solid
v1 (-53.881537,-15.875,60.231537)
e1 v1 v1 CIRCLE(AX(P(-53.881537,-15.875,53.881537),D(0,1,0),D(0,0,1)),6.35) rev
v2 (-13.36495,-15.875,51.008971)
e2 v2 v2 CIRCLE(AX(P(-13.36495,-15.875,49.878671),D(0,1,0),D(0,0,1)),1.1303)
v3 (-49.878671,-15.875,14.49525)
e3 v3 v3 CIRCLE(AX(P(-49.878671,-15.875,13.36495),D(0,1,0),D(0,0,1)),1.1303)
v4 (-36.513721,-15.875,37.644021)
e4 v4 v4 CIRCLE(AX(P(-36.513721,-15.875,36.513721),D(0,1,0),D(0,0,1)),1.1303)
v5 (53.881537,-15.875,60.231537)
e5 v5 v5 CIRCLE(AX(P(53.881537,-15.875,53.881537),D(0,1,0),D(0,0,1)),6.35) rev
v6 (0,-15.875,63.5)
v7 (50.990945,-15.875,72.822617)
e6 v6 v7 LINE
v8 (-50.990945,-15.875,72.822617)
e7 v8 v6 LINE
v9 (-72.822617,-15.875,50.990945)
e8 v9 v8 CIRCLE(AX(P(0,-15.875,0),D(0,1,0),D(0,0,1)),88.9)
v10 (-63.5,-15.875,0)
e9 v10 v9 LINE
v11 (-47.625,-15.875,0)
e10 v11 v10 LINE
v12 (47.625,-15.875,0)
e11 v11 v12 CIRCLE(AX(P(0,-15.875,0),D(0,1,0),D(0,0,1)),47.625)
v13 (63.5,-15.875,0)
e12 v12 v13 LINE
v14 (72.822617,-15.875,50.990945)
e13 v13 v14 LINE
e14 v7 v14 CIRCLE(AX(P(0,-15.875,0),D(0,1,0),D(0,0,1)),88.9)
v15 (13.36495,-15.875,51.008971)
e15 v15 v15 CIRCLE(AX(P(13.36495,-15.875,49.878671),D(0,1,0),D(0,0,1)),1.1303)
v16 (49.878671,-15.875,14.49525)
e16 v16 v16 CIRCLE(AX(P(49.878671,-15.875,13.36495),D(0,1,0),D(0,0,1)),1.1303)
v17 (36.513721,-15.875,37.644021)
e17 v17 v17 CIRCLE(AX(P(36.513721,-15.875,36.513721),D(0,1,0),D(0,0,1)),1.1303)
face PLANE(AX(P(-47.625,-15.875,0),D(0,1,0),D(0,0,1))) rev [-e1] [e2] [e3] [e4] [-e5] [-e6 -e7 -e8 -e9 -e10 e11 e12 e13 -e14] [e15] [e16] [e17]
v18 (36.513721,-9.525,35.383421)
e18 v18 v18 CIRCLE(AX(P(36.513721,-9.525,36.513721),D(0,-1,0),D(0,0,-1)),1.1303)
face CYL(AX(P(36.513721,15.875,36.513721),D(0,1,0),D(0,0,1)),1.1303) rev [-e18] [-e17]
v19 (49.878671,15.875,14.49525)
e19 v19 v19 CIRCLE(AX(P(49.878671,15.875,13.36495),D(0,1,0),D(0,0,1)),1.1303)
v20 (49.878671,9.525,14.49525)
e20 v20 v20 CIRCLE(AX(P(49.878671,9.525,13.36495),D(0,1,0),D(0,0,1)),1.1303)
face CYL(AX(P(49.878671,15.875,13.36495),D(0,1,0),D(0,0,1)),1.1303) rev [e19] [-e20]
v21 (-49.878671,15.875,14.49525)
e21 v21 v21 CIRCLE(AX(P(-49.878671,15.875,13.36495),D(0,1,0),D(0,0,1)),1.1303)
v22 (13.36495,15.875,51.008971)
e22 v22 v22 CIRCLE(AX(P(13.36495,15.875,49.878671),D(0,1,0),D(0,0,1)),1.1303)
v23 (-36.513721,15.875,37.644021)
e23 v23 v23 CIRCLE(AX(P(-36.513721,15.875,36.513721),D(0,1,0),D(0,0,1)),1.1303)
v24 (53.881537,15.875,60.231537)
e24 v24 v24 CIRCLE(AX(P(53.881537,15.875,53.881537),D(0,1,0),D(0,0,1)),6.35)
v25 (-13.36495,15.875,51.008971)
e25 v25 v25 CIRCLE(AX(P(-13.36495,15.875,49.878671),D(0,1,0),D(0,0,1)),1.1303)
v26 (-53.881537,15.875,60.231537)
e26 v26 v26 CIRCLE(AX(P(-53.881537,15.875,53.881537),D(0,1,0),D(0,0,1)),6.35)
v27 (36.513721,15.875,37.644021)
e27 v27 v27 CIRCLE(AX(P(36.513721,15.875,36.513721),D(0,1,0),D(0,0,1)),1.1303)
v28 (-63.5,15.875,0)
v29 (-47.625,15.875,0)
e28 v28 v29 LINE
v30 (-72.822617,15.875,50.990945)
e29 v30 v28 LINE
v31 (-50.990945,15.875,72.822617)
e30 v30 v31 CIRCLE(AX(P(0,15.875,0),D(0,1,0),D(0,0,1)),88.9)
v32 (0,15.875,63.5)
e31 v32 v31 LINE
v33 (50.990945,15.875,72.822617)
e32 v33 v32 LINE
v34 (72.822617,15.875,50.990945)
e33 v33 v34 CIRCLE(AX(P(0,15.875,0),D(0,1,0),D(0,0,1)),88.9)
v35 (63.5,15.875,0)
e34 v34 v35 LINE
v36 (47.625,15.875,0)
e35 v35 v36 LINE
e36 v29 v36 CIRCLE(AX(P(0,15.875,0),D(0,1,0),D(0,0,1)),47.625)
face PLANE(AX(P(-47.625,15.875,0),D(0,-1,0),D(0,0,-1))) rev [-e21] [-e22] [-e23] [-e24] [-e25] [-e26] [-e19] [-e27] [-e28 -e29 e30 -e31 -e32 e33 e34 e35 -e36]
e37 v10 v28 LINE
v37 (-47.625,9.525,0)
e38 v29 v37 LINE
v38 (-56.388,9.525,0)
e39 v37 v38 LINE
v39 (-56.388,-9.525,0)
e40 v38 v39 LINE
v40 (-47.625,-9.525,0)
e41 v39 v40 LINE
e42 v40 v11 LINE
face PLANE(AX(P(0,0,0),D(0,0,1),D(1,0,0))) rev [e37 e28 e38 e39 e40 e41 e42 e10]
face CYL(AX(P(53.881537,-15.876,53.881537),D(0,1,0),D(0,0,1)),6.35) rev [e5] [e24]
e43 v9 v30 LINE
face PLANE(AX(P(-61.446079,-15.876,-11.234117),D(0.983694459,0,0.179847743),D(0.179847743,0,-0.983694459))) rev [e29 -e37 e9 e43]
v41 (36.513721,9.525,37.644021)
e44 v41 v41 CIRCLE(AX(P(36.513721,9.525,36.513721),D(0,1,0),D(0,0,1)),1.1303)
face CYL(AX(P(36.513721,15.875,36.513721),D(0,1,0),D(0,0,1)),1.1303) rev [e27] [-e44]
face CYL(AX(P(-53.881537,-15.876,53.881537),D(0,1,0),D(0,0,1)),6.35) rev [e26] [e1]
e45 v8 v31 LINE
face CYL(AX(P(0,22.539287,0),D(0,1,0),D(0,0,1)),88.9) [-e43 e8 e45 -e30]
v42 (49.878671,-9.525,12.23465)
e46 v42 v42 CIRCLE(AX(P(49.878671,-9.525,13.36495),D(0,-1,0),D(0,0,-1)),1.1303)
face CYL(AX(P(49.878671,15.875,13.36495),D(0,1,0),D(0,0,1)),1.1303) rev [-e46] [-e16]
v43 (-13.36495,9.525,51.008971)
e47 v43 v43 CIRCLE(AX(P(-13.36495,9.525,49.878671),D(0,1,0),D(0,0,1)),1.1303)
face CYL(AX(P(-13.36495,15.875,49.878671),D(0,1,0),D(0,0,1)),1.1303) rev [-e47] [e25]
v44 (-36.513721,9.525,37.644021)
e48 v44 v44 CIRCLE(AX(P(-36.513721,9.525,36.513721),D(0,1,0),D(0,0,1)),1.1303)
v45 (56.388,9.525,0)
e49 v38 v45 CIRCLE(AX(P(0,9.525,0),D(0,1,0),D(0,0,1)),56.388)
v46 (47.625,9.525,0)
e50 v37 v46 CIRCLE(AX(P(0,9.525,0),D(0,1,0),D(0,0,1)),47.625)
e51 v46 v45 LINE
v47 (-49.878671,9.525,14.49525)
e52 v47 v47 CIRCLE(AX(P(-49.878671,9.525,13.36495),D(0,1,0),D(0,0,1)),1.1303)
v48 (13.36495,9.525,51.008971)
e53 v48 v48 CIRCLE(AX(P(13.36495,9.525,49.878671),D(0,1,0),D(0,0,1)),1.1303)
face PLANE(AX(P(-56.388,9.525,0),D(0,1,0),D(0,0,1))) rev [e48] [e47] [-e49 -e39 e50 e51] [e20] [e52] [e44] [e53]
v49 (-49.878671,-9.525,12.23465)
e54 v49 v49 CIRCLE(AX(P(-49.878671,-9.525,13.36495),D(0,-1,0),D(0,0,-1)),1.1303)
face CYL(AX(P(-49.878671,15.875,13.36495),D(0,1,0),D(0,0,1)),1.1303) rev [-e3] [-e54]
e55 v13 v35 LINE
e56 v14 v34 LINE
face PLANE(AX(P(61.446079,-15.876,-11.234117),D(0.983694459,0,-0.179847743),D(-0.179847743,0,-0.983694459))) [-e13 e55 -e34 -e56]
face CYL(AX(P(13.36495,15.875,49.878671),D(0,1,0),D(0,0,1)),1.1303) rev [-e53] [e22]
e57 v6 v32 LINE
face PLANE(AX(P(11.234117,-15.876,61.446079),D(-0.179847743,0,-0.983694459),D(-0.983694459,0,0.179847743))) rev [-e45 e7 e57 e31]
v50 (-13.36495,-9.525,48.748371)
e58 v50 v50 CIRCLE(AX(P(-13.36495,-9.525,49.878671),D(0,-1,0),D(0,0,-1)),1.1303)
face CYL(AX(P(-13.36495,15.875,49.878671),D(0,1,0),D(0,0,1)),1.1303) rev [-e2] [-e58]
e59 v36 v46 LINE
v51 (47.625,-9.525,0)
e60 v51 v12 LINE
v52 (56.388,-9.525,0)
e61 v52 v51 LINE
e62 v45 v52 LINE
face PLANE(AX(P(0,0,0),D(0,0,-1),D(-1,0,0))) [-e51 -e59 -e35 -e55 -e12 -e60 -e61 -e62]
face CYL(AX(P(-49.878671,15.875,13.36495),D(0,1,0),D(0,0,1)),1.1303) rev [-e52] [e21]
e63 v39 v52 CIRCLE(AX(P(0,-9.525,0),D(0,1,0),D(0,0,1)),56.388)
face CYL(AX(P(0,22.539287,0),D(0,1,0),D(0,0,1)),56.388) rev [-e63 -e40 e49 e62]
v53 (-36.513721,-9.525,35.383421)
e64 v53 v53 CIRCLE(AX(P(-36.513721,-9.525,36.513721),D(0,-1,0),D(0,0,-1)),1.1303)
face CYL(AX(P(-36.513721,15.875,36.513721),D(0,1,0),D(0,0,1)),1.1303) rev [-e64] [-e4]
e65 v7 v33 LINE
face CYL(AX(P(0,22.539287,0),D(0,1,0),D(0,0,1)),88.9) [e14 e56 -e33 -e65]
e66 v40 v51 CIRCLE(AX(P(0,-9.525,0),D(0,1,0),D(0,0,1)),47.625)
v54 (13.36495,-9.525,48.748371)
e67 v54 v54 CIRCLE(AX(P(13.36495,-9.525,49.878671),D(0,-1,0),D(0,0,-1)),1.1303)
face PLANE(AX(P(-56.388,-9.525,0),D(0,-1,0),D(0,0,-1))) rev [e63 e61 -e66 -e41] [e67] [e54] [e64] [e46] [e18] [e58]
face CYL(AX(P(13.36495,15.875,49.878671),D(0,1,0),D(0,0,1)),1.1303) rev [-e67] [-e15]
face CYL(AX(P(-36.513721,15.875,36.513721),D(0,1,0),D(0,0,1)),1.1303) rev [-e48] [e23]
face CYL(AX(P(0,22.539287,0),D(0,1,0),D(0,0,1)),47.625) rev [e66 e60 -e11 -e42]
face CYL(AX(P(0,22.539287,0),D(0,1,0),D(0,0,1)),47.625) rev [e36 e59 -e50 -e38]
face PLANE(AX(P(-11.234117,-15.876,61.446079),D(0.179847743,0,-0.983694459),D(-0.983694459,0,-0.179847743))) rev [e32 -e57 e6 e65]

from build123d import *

# Parameters (mm, degrees)
REVOLVE1_ANGLE                 = 180
TAP_DRILL_FOR_4_40_TAP1_D      = 2.2606
CIRPATTERN1_COUNT              = 12
CUT_EXTRUDE1_REACH             = 90.9
SKETCH4_R                      = 1.1303
CUT_EXTRUDE2_REACH             = 90.9
SKETCH6_R                      = 1.1303
CUT_EXTRUDE2_DIRECTION_2_DEPTH = 1.0000001
CUT_EXTRUDE3_REACH             = 33.75
SKETCH7_R                      = 6.35


with BuildPart() as part:
    # Sketch1 → Revolve1 (revolve)
    with BuildSketch(Plane.XY):
        Polygon((56.388, 0), (56.388, 9.525), (47.625, 9.525), (47.625, 15.875), (88.9, 15.875), (88.9, -15.875), (47.625, -15.875), (47.625, -9.525), (56.388, -9.525), align=None)
    revolve(axis=Axis((0, 22.539286723, 0), (0, -1, 0)), revolution_arc=REVOLVE1_ANGLE)

    # Tap Drill for #4-40 Tap1 (through all)
    with Locations(Plane(origin=(49.878671003, 15.875, 13.364949615), x_dir=(0, 0, 1), z_dir=(0, 1, 0))):
        with Locations((0, 0)):
            tap_drill_for_4_40_tap1 = Hole(TAP_DRILL_FOR_4_40_TAP1_D / 2)

    # CirPattern1: Tap Drill for #4-40 Tap1 ×12 about axis, 6 skipped
    cirpattern1_axis = Axis((0, 15.875, 0), (0, 1, 0))
    add([tap_drill_for_4_40_tap1.rotate(cirpattern1_axis, i * 360 / CIRPATTERN1_COUNT) for i in range(1, CIRPATTERN1_COUNT) if i not in (1, 2, 3, 4, 5, 6)], mode=Mode.SUBTRACT)

    # Sketch4 → Cut-Extrude1 (cut, up to next)
    with BuildSketch(Plane(origin=(0, 0, 0), x_dir=(-1, 0, 0), z_dir=(0, 0, -1)), mode=Mode.PRIVATE) as cut_extrude1_sk1:
        with Locations((82.55, 6.35)):
            Circle(SKETCH4_R)
    cut_extrude1_tool1 = extrude(cut_extrude1_sk1.sketch, amount=-CUT_EXTRUDE1_REACH, mode=Mode.PRIVATE) & part.part
    add(cut_extrude1_tool1.solids().sort_by_distance((-82.55, 6.35, 0))[0], mode=Mode.SUBTRACT)
    # Sketch4 → Cut-Extrude1 (cut, up to next)
    with BuildSketch(Plane(origin=(0, 0, 0), x_dir=(-1, 0, 0), z_dir=(0, 0, -1)), mode=Mode.PRIVATE) as cut_extrude1_sk2:
        with Locations((82.55, -6.35)):
            Circle(SKETCH4_R)
    cut_extrude1_tool2 = extrude(cut_extrude1_sk2.sketch, amount=-CUT_EXTRUDE1_REACH, mode=Mode.PRIVATE) & part.part
    add(cut_extrude1_tool2.solids().sort_by_distance((-82.55, -6.35, 0))[0], mode=Mode.SUBTRACT)

    # Sketch6 → Cut-Extrude2 (cut, up to next)
    with BuildSketch(Plane(origin=(0, 0, 0), x_dir=(-1, 0, 0), z_dir=(0, 0, -1)), mode=Mode.PRIVATE) as cut_extrude2_sk1:
        with Locations((-82.55, 6.35)):
            Circle(SKETCH6_R)
    cut_extrude2_tool1 = extrude(cut_extrude2_sk1.sketch, amount=-CUT_EXTRUDE2_REACH, mode=Mode.PRIVATE) & part.part
    add(cut_extrude2_tool1.solids().sort_by_distance((82.55, 6.35, 0))[0], mode=Mode.SUBTRACT)
    # Sketch6 → Cut-Extrude2 (cut, up to next)
    with BuildSketch(Plane(origin=(0, 0, 0), x_dir=(-1, 0, 0), z_dir=(0, 0, -1)), mode=Mode.PRIVATE) as cut_extrude2_sk2:
        with Locations((-82.579243869, -6.35)):
            Circle(SKETCH6_R)
    cut_extrude2_tool2 = extrude(cut_extrude2_sk2.sketch, amount=-CUT_EXTRUDE2_REACH, mode=Mode.PRIVATE) & part.part
    add(cut_extrude2_tool2.solids().sort_by_distance((82.579244, -6.35, 0))[0], mode=Mode.SUBTRACT)

    # Sketch6 → Cut-Extrude2 direction 2 (cut)
    with BuildSketch(Plane(origin=(0, 0, 0), x_dir=(-1, 0, 0), z_dir=(0, 0, -1))):
        with Locations((-82.55, 6.35)):
            Circle(SKETCH6_R)
        with Locations((-82.579243869, -6.35)):
            Circle(SKETCH6_R)
    extrude(amount=CUT_EXTRUDE2_DIRECTION_2_DEPTH, mode=Mode.SUBTRACT)

    # Sketch7 → Cut-Extrude3 (cut, up to next)
    with BuildSketch(Plane(origin=(0, 15.875, 0), x_dir=(1, 0, 0), z_dir=(0, 1, 0)), mode=Mode.PRIVATE) as cut_extrude3_sk1:
        with Locations((53.881536726, -53.881536726)):
            Circle(SKETCH7_R)
    cut_extrude3_tool1 = extrude(cut_extrude3_sk1.sketch, amount=-CUT_EXTRUDE3_REACH, mode=Mode.PRIVATE) & part.part
    add(cut_extrude3_tool1.solids().sort_by_distance((53.881537, 15.875, 53.881537))[0], mode=Mode.SUBTRACT)
    # Sketch7 → Cut-Extrude3 (cut, up to next)
    with BuildSketch(Plane(origin=(0, 15.875, 0), x_dir=(1, 0, 0), z_dir=(0, 1, 0)), mode=Mode.PRIVATE) as cut_extrude3_sk2:
        with Locations((-53.881536726, -53.881536726)):
            Circle(SKETCH7_R)
    cut_extrude3_tool2 = extrude(cut_extrude3_sk2.sketch, amount=-CUT_EXTRUDE3_REACH, mode=Mode.PRIVATE) & part.part
    add(cut_extrude3_tool2.solids().sort_by_distance((-53.881537, 15.875, 53.881537))[0], mode=Mode.SUBTRACT)
    # Sketch7 → Cut-Extrude3 (cut, up to next)
    with BuildSketch(Plane(origin=(0, 15.875, 0), x_dir=(1, 0, 0), z_dir=(0, 1, 0)), mode=Mode.PRIVATE) as cut_extrude3_sk3:
        with BuildLine():
            ThreePointArc((-50.990945192, -72.822616737), (0, -88.9), (50.990945192, -72.822616737))
            Line((50.990945192, -72.822616737), (0, -63.5))
            Line((0, -63.5), (-50.990945192, -72.822616737))
        make_face()
    cut_extrude3_tool3 = extrude(cut_extrude3_sk3.sketch, amount=-CUT_EXTRUDE3_REACH, mode=Mode.PRIVATE) & part.part
    add(cut_extrude3_tool3.solids().sort_by_distance((0, 15.875, 76.438451))[0], mode=Mode.SUBTRACT)
    # Sketch7 → Cut-Extrude3 (cut, up to next)
    with BuildSketch(Plane(origin=(0, 15.875, 0), x_dir=(1, 0, 0), z_dir=(0, 1, 0)), mode=Mode.PRIVATE) as cut_extrude3_sk4:
        with BuildLine():
            Line((63.5, 0), (72.822616737, -50.990945192))
            ThreePointArc((72.822616737, -50.990945192), (84.785436922, -26.732745576), (88.9, 0))
            Line((88.9, 0), (63.5, 0))
        make_face()
    cut_extrude3_tool4 = extrude(cut_extrude3_sk4.sketch, amount=-CUT_EXTRUDE3_REACH, mode=Mode.PRIVATE) & part.part
    add(cut_extrude3_tool4.solids().sort_by_distance((76.438451, 15.875, 18.664198))[0], mode=Mode.SUBTRACT)
    # Sketch7 → Cut-Extrude3 (cut, up to next)
    with BuildSketch(Plane(origin=(0, 15.875, 0), x_dir=(1, 0, 0), z_dir=(0, 1, 0)), mode=Mode.PRIVATE) as cut_extrude3_sk5:
        with BuildLine():
            Line((-72.822616737, -50.990945192), (-63.5, 0))
            Line((-63.5, 0), (-88.9, 0))
            ThreePointArc((-88.9, 0), (-84.785436922, -26.732745576), (-72.822616737, -50.990945192))
        make_face()
    cut_extrude3_tool5 = extrude(cut_extrude3_sk5.sketch, amount=-CUT_EXTRUDE3_REACH, mode=Mode.PRIVATE) & part.part
    add(cut_extrude3_tool5.solids().sort_by_distance((-76.438451, 15.875, 18.664198))[0], mode=Mode.SUBTRACT)


solid = part.part
